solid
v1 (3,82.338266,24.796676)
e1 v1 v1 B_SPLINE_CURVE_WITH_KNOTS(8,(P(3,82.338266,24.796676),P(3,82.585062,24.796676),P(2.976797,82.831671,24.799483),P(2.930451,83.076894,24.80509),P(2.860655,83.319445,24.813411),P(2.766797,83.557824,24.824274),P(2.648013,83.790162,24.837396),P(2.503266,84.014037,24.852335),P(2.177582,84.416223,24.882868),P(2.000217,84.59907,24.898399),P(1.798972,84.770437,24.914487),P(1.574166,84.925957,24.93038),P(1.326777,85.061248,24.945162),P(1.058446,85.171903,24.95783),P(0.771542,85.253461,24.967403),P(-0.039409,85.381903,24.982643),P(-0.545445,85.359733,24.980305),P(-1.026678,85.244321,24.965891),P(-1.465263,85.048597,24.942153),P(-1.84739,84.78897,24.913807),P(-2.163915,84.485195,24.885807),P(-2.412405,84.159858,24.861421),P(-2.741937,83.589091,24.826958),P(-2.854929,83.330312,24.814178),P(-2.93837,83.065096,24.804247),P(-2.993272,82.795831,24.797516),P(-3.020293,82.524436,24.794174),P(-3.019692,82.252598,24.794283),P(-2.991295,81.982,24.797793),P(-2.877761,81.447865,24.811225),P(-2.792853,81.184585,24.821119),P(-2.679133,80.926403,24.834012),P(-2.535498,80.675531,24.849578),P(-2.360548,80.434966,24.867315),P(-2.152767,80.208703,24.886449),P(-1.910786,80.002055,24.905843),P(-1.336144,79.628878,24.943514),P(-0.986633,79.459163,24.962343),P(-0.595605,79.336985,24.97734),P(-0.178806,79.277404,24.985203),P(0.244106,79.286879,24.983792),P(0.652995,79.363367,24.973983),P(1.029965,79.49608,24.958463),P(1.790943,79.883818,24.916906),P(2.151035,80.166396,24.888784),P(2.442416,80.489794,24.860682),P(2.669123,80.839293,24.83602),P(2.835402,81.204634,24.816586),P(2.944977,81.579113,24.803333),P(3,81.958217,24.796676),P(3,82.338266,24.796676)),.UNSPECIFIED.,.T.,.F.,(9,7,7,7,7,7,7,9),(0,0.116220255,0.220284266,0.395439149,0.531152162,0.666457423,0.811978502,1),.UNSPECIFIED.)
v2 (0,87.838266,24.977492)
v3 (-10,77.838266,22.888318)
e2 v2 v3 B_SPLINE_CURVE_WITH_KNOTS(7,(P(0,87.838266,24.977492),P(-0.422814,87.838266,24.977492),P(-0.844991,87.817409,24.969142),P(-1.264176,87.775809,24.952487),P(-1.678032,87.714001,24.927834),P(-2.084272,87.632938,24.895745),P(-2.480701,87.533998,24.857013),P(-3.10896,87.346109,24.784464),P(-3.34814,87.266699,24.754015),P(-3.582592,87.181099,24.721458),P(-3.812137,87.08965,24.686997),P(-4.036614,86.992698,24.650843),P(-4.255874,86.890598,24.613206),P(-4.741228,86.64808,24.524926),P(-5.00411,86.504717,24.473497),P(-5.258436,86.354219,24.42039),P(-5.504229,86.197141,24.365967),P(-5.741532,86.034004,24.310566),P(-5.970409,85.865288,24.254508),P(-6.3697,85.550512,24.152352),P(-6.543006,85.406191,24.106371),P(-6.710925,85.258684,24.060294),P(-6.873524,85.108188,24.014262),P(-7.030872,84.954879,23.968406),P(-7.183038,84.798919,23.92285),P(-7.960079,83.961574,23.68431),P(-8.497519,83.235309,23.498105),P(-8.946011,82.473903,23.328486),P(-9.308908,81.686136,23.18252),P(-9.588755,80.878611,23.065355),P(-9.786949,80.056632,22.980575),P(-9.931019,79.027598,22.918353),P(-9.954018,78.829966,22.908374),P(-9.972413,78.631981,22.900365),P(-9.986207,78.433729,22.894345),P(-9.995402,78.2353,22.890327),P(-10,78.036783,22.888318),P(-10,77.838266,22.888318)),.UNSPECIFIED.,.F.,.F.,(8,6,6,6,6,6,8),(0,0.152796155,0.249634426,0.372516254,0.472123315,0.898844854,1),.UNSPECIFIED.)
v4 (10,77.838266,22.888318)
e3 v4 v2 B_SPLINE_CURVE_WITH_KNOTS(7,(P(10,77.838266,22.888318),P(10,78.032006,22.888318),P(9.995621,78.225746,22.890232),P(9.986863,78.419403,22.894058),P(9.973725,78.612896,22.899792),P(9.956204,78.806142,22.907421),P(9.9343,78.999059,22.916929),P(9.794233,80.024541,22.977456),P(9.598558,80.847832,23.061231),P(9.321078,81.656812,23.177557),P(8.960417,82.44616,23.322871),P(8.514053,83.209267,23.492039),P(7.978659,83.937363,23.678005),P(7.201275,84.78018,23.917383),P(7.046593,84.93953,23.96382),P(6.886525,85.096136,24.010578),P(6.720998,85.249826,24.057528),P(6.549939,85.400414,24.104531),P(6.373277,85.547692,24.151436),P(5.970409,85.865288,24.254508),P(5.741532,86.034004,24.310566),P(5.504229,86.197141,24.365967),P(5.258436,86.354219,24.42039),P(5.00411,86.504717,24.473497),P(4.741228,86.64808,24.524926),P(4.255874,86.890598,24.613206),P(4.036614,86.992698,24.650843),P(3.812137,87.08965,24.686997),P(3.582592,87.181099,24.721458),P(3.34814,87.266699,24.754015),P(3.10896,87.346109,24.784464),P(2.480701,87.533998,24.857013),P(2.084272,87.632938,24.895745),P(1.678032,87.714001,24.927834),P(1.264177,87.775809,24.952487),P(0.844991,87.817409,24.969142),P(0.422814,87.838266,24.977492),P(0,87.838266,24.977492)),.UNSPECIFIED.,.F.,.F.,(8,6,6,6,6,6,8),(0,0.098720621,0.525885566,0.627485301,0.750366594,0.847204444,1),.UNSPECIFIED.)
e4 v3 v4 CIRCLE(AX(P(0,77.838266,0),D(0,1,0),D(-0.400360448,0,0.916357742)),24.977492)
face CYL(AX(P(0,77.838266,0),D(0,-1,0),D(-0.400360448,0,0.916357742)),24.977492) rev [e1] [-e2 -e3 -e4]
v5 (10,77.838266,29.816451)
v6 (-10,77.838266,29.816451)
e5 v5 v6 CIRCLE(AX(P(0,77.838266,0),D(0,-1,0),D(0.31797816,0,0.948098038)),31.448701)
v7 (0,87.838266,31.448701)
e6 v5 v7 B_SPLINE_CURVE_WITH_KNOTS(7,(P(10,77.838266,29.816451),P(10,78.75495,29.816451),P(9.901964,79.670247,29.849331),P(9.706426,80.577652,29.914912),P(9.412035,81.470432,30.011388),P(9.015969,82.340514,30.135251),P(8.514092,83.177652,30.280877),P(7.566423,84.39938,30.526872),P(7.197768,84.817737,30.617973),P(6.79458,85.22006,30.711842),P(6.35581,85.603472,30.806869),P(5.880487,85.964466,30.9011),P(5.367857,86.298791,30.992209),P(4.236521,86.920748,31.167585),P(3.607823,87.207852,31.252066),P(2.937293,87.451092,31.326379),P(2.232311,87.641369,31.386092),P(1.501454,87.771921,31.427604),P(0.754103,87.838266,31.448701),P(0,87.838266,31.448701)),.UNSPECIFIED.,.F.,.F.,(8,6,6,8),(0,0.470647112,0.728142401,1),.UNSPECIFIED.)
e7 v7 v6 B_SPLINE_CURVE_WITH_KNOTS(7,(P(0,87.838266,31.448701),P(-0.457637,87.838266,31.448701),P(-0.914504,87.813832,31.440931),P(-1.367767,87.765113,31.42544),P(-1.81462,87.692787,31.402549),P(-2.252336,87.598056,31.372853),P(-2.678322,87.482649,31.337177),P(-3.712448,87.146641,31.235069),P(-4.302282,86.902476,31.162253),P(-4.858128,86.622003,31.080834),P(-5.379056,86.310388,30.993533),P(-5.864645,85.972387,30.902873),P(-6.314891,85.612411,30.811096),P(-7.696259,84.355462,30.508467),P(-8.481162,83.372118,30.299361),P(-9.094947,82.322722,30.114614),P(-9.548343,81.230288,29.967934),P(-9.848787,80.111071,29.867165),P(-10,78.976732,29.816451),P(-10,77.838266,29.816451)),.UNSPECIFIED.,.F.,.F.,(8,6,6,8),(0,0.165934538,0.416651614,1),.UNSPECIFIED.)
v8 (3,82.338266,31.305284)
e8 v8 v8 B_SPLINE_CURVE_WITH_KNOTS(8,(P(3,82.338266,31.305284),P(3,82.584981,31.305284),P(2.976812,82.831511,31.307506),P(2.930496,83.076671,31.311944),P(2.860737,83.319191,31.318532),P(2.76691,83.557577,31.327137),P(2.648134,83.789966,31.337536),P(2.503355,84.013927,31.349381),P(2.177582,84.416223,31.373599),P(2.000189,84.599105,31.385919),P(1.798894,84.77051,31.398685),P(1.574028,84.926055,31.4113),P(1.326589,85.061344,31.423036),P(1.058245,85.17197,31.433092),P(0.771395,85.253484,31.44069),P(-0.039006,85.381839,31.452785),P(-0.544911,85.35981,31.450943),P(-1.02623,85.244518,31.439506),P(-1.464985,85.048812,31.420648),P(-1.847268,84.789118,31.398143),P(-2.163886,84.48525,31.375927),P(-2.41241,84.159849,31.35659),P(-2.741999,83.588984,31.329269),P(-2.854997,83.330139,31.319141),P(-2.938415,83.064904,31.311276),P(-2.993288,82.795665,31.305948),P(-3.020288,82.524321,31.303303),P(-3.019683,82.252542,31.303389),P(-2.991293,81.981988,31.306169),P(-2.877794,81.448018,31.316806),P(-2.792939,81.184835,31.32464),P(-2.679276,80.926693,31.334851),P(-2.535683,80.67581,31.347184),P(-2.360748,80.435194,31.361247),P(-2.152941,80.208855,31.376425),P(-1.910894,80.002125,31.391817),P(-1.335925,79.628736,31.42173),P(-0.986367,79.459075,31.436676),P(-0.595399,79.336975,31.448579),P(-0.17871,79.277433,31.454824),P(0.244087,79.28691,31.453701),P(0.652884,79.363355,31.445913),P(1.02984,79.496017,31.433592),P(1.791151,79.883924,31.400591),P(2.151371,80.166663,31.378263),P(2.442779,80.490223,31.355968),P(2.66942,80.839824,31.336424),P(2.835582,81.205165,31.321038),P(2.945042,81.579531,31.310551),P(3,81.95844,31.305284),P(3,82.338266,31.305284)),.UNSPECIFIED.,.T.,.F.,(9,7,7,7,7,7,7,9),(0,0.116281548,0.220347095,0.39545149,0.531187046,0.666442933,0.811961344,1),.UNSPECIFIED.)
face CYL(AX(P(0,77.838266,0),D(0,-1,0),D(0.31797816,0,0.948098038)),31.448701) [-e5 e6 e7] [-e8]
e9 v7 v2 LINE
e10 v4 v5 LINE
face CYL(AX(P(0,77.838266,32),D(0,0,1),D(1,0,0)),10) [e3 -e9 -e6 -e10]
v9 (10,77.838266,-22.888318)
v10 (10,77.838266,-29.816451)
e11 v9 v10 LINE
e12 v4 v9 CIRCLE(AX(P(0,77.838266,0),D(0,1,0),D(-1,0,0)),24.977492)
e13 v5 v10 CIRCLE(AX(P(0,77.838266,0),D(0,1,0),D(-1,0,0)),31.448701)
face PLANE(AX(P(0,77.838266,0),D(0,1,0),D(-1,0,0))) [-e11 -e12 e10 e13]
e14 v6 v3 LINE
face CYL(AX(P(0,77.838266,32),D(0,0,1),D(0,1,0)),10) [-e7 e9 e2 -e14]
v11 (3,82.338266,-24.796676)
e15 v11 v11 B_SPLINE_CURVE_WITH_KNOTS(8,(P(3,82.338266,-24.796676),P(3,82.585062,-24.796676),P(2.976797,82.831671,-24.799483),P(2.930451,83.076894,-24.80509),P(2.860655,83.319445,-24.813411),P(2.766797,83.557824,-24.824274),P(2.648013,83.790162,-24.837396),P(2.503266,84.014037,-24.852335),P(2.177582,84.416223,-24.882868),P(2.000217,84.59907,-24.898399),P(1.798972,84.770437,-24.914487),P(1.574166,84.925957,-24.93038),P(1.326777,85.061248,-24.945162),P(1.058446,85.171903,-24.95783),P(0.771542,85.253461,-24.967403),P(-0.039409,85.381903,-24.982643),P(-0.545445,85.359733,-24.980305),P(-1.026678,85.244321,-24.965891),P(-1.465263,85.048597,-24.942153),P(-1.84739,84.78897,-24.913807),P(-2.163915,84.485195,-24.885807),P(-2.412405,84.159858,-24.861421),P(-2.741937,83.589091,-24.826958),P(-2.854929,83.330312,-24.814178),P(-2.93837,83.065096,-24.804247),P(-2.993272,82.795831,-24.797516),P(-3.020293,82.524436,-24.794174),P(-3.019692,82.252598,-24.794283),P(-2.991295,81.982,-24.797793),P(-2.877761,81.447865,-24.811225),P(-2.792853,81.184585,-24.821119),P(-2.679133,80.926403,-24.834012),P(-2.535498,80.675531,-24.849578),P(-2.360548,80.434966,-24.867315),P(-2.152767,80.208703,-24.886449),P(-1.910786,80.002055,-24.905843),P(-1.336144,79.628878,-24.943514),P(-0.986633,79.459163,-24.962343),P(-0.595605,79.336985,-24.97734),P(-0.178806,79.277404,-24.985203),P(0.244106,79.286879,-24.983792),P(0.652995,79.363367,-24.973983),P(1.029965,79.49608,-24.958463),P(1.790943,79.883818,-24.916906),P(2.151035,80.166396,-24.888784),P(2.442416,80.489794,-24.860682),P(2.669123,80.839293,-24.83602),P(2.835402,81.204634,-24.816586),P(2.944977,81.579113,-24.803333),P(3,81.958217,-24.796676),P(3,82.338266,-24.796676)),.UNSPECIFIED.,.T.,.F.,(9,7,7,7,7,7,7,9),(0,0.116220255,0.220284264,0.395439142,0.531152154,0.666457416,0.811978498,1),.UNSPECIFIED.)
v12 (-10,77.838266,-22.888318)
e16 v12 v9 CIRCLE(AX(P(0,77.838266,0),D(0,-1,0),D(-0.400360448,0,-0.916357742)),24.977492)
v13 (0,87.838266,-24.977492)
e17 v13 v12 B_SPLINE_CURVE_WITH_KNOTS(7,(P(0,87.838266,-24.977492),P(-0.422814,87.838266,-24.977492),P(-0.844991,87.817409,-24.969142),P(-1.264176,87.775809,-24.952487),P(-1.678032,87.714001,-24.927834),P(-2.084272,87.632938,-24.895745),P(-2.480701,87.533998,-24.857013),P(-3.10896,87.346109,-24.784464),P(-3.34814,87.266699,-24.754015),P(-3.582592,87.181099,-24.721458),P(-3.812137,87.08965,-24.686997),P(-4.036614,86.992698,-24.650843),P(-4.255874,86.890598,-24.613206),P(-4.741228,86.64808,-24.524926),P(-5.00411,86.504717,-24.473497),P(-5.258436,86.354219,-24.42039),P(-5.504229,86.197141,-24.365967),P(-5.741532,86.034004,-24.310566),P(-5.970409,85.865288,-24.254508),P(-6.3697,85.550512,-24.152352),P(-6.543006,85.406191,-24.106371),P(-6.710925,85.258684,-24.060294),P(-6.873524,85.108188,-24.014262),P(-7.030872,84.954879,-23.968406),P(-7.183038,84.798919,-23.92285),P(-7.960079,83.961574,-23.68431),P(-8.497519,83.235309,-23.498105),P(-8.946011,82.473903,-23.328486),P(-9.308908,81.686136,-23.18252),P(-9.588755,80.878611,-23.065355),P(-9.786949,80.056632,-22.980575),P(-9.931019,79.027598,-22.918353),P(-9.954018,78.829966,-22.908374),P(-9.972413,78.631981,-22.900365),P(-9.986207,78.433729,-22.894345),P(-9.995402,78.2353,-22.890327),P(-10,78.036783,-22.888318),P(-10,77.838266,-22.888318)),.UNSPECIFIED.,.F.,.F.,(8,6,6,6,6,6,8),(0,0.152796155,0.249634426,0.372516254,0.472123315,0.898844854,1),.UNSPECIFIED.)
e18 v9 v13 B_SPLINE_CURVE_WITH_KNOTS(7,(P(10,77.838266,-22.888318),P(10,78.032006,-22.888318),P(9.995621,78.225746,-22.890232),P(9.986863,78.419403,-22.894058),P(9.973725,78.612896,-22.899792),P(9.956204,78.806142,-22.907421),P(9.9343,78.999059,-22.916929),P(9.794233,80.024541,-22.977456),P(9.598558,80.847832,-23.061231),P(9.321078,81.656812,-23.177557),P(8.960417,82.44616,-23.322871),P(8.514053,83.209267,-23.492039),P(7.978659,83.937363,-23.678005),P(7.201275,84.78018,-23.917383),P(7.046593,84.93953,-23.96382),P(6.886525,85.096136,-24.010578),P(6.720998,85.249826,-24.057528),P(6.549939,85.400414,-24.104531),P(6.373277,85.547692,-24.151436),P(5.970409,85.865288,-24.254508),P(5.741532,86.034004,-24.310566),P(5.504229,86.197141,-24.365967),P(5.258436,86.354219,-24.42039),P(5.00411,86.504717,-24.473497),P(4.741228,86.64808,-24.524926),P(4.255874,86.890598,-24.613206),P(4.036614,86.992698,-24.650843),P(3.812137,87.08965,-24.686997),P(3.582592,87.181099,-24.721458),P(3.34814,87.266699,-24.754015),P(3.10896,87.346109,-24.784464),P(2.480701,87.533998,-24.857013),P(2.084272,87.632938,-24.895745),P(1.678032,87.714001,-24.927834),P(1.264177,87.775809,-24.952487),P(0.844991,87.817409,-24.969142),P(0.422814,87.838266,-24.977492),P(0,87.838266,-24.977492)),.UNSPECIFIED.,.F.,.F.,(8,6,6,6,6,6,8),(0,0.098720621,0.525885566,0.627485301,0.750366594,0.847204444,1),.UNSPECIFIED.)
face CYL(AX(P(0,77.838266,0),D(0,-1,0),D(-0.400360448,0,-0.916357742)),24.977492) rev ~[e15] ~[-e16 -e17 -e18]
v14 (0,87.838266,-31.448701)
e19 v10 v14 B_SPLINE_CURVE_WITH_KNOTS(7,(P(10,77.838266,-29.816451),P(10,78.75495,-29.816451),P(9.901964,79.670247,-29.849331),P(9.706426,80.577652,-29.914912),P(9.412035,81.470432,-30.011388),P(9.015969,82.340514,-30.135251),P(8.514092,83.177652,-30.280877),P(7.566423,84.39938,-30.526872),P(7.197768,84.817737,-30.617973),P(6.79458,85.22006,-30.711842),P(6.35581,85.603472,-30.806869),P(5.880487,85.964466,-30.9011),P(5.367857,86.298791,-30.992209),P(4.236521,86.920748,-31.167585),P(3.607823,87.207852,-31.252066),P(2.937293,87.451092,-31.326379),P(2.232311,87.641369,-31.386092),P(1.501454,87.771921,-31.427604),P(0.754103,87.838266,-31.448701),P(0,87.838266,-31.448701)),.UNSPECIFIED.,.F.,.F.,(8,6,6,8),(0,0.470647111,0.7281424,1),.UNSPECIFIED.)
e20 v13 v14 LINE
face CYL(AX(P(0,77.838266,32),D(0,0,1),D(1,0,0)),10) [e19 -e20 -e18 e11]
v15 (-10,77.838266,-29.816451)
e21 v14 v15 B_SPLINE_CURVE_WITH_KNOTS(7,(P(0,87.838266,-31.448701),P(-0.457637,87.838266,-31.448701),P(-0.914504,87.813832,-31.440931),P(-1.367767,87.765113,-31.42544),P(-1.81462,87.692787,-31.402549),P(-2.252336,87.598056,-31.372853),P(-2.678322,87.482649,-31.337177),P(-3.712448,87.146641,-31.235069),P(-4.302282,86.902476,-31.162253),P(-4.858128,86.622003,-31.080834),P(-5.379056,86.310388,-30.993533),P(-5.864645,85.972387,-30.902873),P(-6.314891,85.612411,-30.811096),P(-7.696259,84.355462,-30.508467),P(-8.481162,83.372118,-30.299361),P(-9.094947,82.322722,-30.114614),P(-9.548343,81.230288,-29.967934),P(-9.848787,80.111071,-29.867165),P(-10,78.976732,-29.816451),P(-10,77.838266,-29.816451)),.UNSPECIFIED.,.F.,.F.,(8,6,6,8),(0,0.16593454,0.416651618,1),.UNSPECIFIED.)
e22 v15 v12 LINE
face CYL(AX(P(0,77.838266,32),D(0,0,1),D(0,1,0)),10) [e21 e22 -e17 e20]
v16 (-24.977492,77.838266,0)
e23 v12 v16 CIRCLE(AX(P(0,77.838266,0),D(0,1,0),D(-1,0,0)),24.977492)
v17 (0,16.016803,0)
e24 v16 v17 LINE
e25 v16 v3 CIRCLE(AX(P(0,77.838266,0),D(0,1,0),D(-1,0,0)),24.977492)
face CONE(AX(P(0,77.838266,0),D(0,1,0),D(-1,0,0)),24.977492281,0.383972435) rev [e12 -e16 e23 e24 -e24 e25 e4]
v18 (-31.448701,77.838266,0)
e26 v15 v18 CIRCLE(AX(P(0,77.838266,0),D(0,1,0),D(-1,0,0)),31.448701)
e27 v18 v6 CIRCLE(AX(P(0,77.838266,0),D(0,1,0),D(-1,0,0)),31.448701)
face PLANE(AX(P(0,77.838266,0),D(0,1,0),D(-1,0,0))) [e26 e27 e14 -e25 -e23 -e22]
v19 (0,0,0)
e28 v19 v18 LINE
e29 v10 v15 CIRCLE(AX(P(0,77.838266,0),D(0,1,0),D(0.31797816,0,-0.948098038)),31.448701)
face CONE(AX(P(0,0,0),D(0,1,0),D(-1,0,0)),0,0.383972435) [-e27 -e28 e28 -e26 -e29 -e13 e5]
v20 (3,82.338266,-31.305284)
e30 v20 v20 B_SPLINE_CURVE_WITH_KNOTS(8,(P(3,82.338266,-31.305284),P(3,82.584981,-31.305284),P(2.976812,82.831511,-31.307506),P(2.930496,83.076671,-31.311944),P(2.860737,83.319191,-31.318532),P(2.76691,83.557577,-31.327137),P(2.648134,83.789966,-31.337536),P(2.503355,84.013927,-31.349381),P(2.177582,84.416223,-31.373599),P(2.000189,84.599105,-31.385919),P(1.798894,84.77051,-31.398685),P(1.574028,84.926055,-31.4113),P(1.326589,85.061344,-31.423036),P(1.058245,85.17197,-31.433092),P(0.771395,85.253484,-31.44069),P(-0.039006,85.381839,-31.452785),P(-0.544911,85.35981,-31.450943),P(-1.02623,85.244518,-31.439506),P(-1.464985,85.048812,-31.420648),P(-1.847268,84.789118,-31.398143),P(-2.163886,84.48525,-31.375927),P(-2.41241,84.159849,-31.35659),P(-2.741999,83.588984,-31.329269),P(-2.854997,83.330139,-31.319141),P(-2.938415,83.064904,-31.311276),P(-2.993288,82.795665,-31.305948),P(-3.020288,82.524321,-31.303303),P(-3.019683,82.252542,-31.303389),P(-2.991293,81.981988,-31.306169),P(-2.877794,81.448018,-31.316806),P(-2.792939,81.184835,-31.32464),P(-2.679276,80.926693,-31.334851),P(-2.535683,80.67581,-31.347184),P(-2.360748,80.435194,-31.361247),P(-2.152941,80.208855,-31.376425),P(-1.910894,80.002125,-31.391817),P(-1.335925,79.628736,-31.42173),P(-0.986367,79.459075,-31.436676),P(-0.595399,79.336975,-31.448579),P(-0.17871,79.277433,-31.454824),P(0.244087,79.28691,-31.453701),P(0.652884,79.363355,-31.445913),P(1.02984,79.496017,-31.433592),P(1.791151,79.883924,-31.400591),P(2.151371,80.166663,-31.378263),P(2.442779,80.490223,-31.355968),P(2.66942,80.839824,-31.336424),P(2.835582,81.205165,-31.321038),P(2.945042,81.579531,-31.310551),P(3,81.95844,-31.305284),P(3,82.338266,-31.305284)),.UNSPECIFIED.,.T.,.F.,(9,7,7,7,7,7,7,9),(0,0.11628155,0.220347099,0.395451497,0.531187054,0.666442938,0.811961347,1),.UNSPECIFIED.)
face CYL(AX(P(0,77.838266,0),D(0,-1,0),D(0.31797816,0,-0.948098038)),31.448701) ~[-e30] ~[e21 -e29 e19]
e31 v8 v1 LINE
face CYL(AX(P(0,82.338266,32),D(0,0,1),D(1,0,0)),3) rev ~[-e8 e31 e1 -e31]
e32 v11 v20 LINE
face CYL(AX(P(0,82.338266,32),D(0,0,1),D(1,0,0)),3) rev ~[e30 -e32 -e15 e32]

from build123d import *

# Parameters (mm, degrees)
SALIENTE_EXTRUIR1_DEPTH = 10
CORTAR_EXTRUIR1_DEPTH   = 113.828716794
CROQUIS5_R              = 3
CORTAR_EXTRUIR2_DEPTH   = 113.828716928


with BuildPart() as part:
    # Croquis1 → Revolución1 (revolve)
    with BuildSketch(Plane.XY):
        Polygon((0, 0), (-31.448700737, 77.838265751), (-24.977492281, 77.838265751), (0, 16.016802975), align=None)
    revolve(axis=Axis((0, 0, 0), (0, 1, 0)))

    # Croquis2 → Saliente-Extruir1 (add)
    with BuildSketch(Plane(origin=(0, 77.838265751, 0), x_dir=(1, 0, 0), z_dir=(0, 1, 0))):
        with BuildLine():
            Line((10, -22.888318432), (10, -29.816451466))
            ThreePointArc((10, -29.816451466), (0, -31.448700737), (-10, -29.816451466))
            Line((-10, -29.816451466), (-10, -22.888318432))
            ThreePointArc((-10, -22.888318432), (0, -24.977492281), (10, -22.888318432))
        make_face()
        with BuildLine():
            Line((10, 22.888318432), (10, 29.816451466))
            ThreePointArc((10, 29.816451466), (0, 31.448700737), (-10, 29.816451466))
            Line((-10, 29.816451466), (-10, 22.888318432))
            ThreePointArc((-10, 22.888318432), (0, 24.977492281), (10, 22.888318432))
        make_face()
    extrude(amount=SALIENTE_EXTRUIR1_DEPTH)

    # Croquis3 → Cortar-Extruir1 (cut, through all)
    with BuildSketch(Plane.XY.offset(32)):
        with BuildLine():
            Line((10, 87.838265751), (10, 77.838265751))
            ThreePointArc((10, 77.838265751), (7.071067812, 84.909333563), (0, 87.838265751))
            Line((0, 87.838265751), (10, 87.838265751))
        make_face()
    extrude(amount=-CORTAR_EXTRUIR1_DEPTH, mode=Mode.SUBTRACT)

    # Croquis5 → Cortar-Extruir2 (cut, through all)
    with BuildSketch(Plane.XY.offset(32)):
        with Locations((0, 82.338265751)):
            Circle(CROQUIS5_R)
        with BuildLine():
            Line((-10, 77.838265751), (-10, 87.838265751))
            Line((-10, 87.838265751), (0, 87.838265751))
            ThreePointArc((0, 87.838265751), (-7.071067812, 84.909333563), (-10, 77.838265751))
        make_face()
    extrude(amount=-CORTAR_EXTRUIR2_DEPTH, mode=Mode.SUBTRACT)


solid = part.part
